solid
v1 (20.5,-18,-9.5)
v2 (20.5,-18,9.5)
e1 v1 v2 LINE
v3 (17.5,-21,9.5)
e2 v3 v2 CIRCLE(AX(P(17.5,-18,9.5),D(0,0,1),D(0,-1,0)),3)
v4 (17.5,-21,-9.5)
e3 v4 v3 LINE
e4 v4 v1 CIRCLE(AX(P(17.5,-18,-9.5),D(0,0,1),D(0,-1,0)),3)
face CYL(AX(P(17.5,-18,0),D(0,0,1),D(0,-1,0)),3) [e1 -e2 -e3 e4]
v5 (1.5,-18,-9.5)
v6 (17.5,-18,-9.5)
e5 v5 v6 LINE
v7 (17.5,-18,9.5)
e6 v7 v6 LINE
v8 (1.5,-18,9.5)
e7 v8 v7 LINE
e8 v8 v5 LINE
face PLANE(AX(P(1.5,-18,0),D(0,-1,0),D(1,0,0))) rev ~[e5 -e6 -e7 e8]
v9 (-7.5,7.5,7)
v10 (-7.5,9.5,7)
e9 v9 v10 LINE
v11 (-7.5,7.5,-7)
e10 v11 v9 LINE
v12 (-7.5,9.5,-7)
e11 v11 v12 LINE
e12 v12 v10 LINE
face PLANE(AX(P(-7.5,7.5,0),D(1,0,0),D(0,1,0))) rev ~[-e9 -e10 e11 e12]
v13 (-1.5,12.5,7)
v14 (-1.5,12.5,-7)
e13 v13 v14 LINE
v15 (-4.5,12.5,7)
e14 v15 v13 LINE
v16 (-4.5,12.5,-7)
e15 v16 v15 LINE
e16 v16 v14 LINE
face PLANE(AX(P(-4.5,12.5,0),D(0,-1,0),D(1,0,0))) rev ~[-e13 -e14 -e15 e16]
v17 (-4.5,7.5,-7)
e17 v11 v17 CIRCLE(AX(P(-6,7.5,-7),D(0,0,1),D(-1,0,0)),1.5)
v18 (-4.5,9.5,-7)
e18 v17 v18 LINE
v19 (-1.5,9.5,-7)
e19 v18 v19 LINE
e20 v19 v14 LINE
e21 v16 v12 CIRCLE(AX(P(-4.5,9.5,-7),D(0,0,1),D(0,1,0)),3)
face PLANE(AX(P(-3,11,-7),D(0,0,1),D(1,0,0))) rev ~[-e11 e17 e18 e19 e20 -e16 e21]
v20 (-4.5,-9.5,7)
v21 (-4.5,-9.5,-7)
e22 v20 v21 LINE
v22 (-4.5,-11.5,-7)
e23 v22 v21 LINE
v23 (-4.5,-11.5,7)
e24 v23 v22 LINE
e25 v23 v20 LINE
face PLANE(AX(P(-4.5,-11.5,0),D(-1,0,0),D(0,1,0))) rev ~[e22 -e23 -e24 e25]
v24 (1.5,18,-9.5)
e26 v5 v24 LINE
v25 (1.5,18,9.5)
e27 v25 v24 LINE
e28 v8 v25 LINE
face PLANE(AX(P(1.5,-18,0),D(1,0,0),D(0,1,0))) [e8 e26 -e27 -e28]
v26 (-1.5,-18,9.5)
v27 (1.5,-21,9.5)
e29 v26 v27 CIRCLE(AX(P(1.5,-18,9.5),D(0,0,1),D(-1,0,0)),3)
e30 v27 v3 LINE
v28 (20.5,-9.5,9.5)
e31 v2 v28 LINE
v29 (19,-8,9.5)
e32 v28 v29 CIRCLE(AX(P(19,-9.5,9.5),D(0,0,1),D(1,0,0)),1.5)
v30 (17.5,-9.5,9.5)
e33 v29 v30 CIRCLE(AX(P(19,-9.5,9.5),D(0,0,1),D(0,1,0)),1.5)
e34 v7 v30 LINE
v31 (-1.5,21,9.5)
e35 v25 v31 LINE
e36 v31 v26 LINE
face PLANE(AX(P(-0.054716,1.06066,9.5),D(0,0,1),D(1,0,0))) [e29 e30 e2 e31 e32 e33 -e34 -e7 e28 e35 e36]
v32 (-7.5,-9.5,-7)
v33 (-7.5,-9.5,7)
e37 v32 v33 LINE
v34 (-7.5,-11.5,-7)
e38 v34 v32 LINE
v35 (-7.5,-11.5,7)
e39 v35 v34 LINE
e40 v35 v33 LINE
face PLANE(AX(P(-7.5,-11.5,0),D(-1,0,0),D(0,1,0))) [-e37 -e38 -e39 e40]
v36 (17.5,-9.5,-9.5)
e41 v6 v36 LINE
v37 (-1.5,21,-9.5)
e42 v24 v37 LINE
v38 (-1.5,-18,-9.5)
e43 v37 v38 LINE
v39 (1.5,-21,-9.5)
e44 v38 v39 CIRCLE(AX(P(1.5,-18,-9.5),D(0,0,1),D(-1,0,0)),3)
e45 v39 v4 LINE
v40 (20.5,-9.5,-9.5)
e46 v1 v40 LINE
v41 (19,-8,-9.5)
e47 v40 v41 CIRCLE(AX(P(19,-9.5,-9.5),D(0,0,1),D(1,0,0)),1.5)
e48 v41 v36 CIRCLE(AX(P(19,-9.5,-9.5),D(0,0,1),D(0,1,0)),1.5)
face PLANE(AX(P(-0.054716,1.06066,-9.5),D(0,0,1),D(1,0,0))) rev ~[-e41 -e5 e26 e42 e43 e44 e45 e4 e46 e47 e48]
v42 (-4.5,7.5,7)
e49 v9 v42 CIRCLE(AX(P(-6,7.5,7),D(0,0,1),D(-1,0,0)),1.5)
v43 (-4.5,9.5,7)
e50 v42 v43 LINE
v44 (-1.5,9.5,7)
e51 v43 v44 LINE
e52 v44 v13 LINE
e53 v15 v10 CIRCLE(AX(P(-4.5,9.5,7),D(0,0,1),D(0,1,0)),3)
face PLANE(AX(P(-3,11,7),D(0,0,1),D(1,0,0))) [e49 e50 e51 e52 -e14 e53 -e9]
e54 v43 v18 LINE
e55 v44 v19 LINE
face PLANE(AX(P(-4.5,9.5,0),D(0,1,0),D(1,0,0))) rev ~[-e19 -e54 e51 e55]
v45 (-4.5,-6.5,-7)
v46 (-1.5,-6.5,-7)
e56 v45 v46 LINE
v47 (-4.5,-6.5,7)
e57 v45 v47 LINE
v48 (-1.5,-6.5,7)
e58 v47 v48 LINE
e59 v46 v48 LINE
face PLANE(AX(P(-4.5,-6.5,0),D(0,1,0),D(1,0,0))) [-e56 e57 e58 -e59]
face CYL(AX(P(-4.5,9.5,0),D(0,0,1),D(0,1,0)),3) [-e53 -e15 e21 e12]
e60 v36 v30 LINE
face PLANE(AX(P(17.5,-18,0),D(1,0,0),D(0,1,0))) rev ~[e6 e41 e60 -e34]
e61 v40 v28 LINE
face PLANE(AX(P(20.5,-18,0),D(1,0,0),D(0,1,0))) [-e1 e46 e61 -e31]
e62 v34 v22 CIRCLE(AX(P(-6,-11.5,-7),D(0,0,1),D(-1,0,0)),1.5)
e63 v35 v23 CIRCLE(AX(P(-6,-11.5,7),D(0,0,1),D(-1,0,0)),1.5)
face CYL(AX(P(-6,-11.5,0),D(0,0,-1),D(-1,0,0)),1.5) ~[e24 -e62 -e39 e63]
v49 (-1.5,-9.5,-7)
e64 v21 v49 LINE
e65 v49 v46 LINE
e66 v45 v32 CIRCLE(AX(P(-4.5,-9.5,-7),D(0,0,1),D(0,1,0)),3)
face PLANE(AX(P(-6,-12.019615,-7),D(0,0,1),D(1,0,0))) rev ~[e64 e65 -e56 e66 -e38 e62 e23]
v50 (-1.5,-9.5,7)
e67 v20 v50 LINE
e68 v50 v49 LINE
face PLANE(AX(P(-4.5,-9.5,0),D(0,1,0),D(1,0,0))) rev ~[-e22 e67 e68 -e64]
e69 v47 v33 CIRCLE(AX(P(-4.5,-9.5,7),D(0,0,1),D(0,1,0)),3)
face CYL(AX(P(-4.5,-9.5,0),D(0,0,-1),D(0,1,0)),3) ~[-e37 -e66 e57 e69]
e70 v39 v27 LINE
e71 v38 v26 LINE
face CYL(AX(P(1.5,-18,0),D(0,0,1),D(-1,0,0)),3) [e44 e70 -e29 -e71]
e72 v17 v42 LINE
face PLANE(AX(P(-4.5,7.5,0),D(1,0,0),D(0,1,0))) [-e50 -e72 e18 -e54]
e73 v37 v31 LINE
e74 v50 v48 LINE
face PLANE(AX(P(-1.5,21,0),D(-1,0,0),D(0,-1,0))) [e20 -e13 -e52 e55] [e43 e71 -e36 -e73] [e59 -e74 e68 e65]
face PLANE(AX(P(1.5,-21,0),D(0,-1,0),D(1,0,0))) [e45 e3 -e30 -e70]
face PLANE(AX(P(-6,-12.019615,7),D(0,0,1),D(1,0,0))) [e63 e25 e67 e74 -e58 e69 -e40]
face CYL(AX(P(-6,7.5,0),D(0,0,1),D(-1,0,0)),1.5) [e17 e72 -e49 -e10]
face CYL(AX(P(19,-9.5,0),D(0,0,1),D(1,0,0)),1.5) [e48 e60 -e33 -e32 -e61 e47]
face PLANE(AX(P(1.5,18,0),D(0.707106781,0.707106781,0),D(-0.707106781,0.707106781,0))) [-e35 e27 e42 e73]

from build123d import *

# Parameters (mm, degrees)
F0_W          = 16
F0_H          = 3
F0_W_2        = 3
F0_H_2        = 8.5
F1_DEPTH      = 9.5
F1_DEPTH_BACK = 9.5
F0_H_3        = 2
F2_DEPTH      = 7
F2_DEPTH_BACK = 7


with BuildPart() as f1:
    # F0 (on Top) → F1 (new body, two sides)
    with BuildSketch(Plane.XY) as f1_sk:
        Polygon((1.5, 18), (-1.5, 21), (-1.5, 12.5), (-1.5, 9.5), (-1.5, -6.5), (-1.5, -9.5), (-1.5, -18), (1.5, -18), align=None)
        with BuildLine():
            Line((1.5, -21), (1.5, -18))
            Line((1.5, -18), (-1.5, -18))
            ThreePointArc((-1.5, -18), (-0.6213203436, -20.1213203436), (1.5, -21))
        make_face()
        with Locations((9.5, -19.5)):
            Rectangle(F0_W, F0_H)
        with Locations((19, -13.75)):
            Rectangle(F0_W_2, F0_H_2)
        with BuildLine():
            Line((20.5, -18), (17.5, -18))
            Line((17.5, -18), (17.5, -21))
            ThreePointArc((17.5, -21), (19.6213203436, -20.1213203436), (20.5, -18))
        make_face()
        with BuildLine():
            ThreePointArc((19, -8), (17.9393398282, -8.4393398282), (17.5, -9.5))
            Line((17.5, -9.5), (20.5, -9.5))
            ThreePointArc((20.5, -9.5), (20.0606601718, -8.4393398282), (19, -8))
        make_face()
    extrude(amount=F1_DEPTH)
    extrude(f1_sk.sketch, amount=-F1_DEPTH_BACK)

    # F0 (on Top) → F2 (join, two sides)
    with BuildSketch(Plane.XY) as f2_sk:
        with Locations((-3, 11)):
            Rectangle(F0_W_2, F0_H)
        with BuildLine():
            Line((-4.5, 9.5), (-4.5, 12.5))
            ThreePointArc((-4.5, 12.5), (-6.6213203436, 11.6213203436), (-7.5, 9.5))
            Line((-7.5, 9.5), (-4.5, 9.5))
        make_face()
        with Locations((-6, 8.5)):
            Rectangle(F0_W_2, F0_H_3)
        with BuildLine():
            ThreePointArc((-7.5, 7.5), (-6, 6), (-4.5, 7.5))
            Line((-4.5, 7.5), (-7.5, 7.5))
        make_face()
        with BuildLine():
            ThreePointArc((-7.5, -11.5), (-6, -13), (-4.5, -11.5))
            Line((-4.5, -11.5), (-7.5, -11.5))
        make_face()
        with Locations((-6, -10.5)):
            Rectangle(F0_W_2, F0_H_3)
        with BuildLine():
            Line((-4.5, -9.5), (-4.5, -6.5))
            ThreePointArc((-4.5, -6.5), (-6.6213203436, -7.3786796564), (-7.5, -9.5))
            Line((-7.5, -9.5), (-4.5, -9.5))
        make_face()
        with Locations((-3, -8)):
            Rectangle(F0_W_2, F0_H)
    extrude(amount=F2_DEPTH)
    extrude(f2_sk.sketch, amount=-F2_DEPTH_BACK)


solid = f1.part
